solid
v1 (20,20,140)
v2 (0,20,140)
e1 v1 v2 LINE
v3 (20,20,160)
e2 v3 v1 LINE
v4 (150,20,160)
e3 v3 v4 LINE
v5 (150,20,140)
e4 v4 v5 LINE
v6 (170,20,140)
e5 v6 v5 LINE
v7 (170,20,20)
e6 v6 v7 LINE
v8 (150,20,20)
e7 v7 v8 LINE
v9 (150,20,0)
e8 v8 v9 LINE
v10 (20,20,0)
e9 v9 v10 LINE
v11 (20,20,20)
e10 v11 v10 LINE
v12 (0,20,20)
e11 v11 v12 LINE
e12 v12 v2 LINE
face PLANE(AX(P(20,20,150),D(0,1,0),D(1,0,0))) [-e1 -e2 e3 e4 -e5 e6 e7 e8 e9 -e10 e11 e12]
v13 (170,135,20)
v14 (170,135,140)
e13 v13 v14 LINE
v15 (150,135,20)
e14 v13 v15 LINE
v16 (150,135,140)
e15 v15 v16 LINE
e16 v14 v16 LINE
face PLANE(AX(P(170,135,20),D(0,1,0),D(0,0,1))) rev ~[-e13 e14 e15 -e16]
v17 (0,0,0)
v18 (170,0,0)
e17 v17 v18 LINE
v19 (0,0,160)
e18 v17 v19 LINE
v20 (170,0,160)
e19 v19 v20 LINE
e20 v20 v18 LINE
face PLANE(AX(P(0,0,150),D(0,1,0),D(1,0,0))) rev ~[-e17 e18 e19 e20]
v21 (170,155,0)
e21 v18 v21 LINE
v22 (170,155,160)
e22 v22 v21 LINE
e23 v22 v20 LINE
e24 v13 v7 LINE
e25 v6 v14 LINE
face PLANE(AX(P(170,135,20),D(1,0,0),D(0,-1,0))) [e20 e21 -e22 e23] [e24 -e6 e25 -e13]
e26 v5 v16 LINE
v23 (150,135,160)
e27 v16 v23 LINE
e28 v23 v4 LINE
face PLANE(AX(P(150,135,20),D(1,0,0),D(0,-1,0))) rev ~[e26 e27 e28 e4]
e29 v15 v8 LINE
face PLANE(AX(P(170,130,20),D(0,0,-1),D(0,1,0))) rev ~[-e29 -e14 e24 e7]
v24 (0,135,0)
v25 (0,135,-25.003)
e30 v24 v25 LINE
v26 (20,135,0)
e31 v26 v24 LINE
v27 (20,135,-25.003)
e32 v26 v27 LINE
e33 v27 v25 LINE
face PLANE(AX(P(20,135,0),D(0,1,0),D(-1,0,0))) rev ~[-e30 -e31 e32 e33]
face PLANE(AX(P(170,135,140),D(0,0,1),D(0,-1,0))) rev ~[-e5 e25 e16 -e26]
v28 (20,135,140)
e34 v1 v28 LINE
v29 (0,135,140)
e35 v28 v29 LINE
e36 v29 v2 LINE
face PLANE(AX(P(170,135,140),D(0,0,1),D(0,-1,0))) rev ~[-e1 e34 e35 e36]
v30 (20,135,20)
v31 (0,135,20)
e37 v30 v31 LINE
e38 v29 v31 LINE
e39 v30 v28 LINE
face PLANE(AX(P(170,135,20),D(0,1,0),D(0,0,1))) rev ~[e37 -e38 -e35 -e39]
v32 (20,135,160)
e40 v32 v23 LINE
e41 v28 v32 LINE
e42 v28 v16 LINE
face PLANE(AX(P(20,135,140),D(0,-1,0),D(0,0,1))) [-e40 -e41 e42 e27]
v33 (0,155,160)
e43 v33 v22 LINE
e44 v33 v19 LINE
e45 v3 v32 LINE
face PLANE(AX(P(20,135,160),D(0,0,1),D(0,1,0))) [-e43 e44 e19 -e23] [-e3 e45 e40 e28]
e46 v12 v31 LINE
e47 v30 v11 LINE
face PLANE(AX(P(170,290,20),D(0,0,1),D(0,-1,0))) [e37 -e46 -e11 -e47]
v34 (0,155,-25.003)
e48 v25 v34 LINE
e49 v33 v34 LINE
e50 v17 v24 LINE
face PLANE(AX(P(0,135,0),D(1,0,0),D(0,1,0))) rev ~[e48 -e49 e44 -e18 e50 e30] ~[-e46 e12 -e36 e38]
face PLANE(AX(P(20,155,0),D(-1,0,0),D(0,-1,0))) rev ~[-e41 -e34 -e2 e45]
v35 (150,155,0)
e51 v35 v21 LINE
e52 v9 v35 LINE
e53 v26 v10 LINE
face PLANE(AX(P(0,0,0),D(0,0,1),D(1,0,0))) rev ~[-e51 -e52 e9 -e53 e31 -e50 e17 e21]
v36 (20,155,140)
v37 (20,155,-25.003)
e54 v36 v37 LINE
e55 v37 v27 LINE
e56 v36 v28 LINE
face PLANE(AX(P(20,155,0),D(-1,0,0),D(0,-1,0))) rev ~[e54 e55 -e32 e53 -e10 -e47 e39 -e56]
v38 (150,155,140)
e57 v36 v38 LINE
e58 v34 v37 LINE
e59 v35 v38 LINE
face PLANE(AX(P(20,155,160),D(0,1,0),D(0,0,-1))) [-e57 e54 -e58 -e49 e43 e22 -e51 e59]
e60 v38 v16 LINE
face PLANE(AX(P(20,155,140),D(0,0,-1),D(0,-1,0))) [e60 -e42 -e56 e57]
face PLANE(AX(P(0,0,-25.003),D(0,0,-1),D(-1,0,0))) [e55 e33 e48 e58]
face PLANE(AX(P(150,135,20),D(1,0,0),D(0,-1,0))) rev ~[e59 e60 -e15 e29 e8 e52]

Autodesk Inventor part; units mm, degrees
ref_plane "YZ Plane" through (0, 0, 0) normal (1, 0, 0) x (0, 1, 0)
ref_plane "XZ Plane" through (0, 0, 0) normal (0, 1, 0) x (-1, 0, 0)
ref_plane "XY Plane" through (0, 0, 0) normal (0, 0, 1) x (1, 0, 0)
sketch "Sketch1" plane through (0, 0, 0) normal (0, 0, 1) x (1, 0, 0)
  line L0 (0, 0) -> (170, 0)
  line L1 (170, 0) -> (170, 310)
  line L2 (170, 310) -> (0, 310)
  line L3 (0, 310) -> (0, 0)
  dimension "d0" = 310
  dimension "d1" = 170
extrude "Extrusion1" add sketch "Sketch1" along normal blind 150
sketch "Sketch2" plane through (0, 0, 150) normal (0, 0, 1) x (1, 0, 0)
  line L0 (20, 290) -> (150, 290)
  line L1 (150, 290) -> (150, 20)
  line L2 (150, 20) -> (20, 20)
  line L3 (20, 20) -> (20, 290)
  line L4 (170, 310) -> (0, 310) projected
  line L5 (0, 310) -> (0, 0) projected
  line L6 (0, 0) -> (170, 0) projected
  line L7 (170, 0) -> (170, 310) projected
  dimension "d4" = 20
  dimension "d5" = 20
  dimension "d6" = 20
  dimension "d7" = 20
sketch "Sketch3" plane through (0, 310, 0) normal (0, 1, 0) x (1, 0, 0)
  line L0 (20, -20) -> (150, -20)
  line L1 (150, -20) -> (150, -130)
  line L2 (150, -130) -> (20, -130)
  line L3 (20, -130) -> (20, -20)
  line L4 (170, 0) -> (0, 0) projected
  line L5 (0, 0) -> (0, -150) projected
  line L6 (170, -150) -> (0, -150) projected
  line L7 (170, 0) -> (170, -150) projected
  dimension "d8" = 20
  dimension "d9" = 20
  dimension "d10" = 20
  dimension "d11" = 20
sketch "Sketch4" plane through (170, 0, 0) normal (1, 0, 0) x (0, 0, -1)
  line L0 (-130, 290) -> (-20, 290)
  line L1 (-20, 290) -> (-20, 20)
  line L2 (-20, 20) -> (-130, 20)
  line L3 (-130, 20) -> (-130, 290)
  line L4 (0, 310) -> (-150, 310) projected
  line L5 (-150, 0) -> (-150, 310) projected
  line L6 (0, 0) -> (-150, 0) projected
  line L7 (0, 0) -> (0, 310) projected
  dimension "d12" = 20
  dimension "d13" = 20
  dimension "d14" = 20
  dimension "d15" = 20
extrude "Extrusion2" cut sketch "Sketch4" against normal blind 900 contours L0 L1 L2 L3
extrude "Extrusion3" cut sketch "Sketch2" against normal blind 900 contours L0 L1 L2 L3
extrude "Extrusion4" cut sketch "Sketch3" against normal blind 40 contours L0 L1 L2 L3
sketch "Sketch5" plane through (170, 0, 0) normal (1, 0, 0) x (0, 0, -1)
  line L0 (-150, 0) -> (-150, 310) projected
  line L1 (-150, 310) -> (0, 310)
  line L2 (0, 310) -> (0, 135)
  line L3 (0, 135) -> (-150, 135)
  line L4 (-150, 135) -> (-150, 310)
  point P0 (0, 0)
  point P1 (-150, 135)
  dimension "d22" = 175
extrude "Extrusion5" cut sketch "Sketch5" against normal through all
sketch "Sketch6" plane through (0, 0, 150) normal (0, 0, 1) x (1, 0, 0)
  line L0 (20, 135) -> (0, 135) projected
  line L1 (0, 135) -> (20, 135)
  line L2 (20, 135) -> (20, 20)
  line L3 (0, 20) -> (0, 135)
  line L4 (0, 0) -> (170, 0) projected
  line L5 (0, 0) -> (170, 0)
  line L6 (170, 0) -> (170, 20)
  line L7 (0, 20) -> (0, 0)
  line L8 (150, 135) -> (170, 135)
  line L9 (170, 135) -> (170, 20)
  line L10 (150, 20) -> (150, 135)
  line L11 (20, 20) -> (150, 20) projected
  line L12 (20, 20) -> (150, 20)
extrude "Extrusion6" add sketch "Sketch6" along normal blind 10
sketch "Sketch7" plane through (170, 20, 130) normal (1, 0, 0) x (0, 0, -1)
  line L0 (0, 115) -> (-30, 115) projected
  line L1 (-30, 0) -> (0, 0) projected
  line L2 (0, 115) -> (-10, 115)
  line L3 (-10, 115) -> (-10, 0)
  line L4 (-10, 0) -> (0, 0)
  line L5 (0, 0) -> (0, 115)
  point P0 (130, -20)
  point P1 (-10, 115)
  dimension "d27" = 10
extrude "Extrusion7" cut sketch "Sketch7" against normal through all
sketch "Sketch8" plane through (0, 20, 20) normal (0, 0, 1) x (1, 0, 0)
  line L0 (20, 115) -> (20, 0) projected
  line L1 (0, 115) -> (20, 115)
  line L2 (20, 115) -> (20, 95)
  line L3 (20, 95) -> (0, 95)
  line L4 (0, 95) -> (0, 115)
  point P0 (0, -20)
  dimension "d30" = 20
sketch "Sketch9" plane through (150, 20, 20) normal (0, 0, 1) x (1, 0, 0)
  line L0 (20, 115) -> (20, 0) projected
  line L1 (20, 115) -> (0, 115)
  line L2 (0, 115) -> (0, 95)
  line L3 (0, 95) -> (20, 95)
  line L4 (20, 95) -> (20, 115)
  point P0 (-150, -20)
  point P1 (20, 95)
  dimension "d31" = 20
extrude "Extrusion8" add sketch "Sketch8" along normal up to surface (120 mm away)
extrude "Extrusion9" add sketch "Sketch9" along normal up to surface (120 mm away)
sketch "Sketch10" plane through (0, 135, 0) normal (0, 1, 0) x (1, 0, 0)
  line L0 (0, -160) -> (0, 0) projected
  line L1 (20, 0) -> (20, -160) projected
  line L2 (0, 0) -> (20, 0)
  line L3 (20, 0) -> (20, -160)
  line L4 (20, -160) -> (0, -160)
  line L5 (0, -160) -> (0, 0)
  line L6 (0, 0) -> (170, 0) projected
  line L7 (150, -140) -> (150, -160) projected
  line L8 (170, 0) -> (150, 0)
  line L9 (150, 0) -> (150, -160)
  line L10 (150, -160) -> (170, -160)
  line L11 (170, -160) -> (170, 0)
  point P0 (150, 0)
extrude "Extrusion10" add sketch "Sketch10" along normal blind 10
sketch "Sketch11" plane through (170, 0, 160) normal (1, 0, 0) x (0, 0, -1)
  line L0 (140, 115) -> (20, 115) projected
  line L1 (20, 115) -> (140, 115)
  line L2 (140, 115) -> (140, 125)
  line L3 (140, 125) -> (20, 125)
  line L4 (20, 125) -> (20, 115)
  point P0 (160, 0)
  dimension "d38" = 10
extrude "Extrusion11" cut sketch "Sketch11" against normal through all
sketch "Sketch12" plane through (0, 145, 0) normal (0, 1, 0) x (1, 0, 0)
  line L0 (20, -160) -> (20, -140) projected
  line L1 (0, 0) -> (20, 0)
  line L2 (20, 0) -> (20, -160)
  line L3 (20, -160) -> (0, -160)
  line L4 (0, -160) -> (0, 0)
  line L5 (170, 0) -> (170, -160) projected
  line L6 (170, 0) -> (150, 0)
  line L7 (150, 0) -> (150, -160)
  line L8 (150, -160) -> (170, -160)
  line L9 (170, -160) -> (170, 0)
extrude "Extrusion12" add sketch "Sketch12" along normal blind 5
sketch "Sketch13" plane through (170, 0, 160) normal (1, 0, 0) x (0, 0, -1)
  line L0 (20, 125) -> (140, 125) projected
  line L1 (20, 125) -> (140, 125)
  line L2 (140, 125) -> (140, 130)
  line L3 (140, 130) -> (20, 130)
  line L4 (20, 130) -> (20, 125)
  point P0 (160, 0)
  dimension "d43" = 5
extrude "Extrusion13" cut sketch "Sketch13" against normal through all
sketch "Sketch14" plane through (0, 150, 0) normal (0, 1, 0) x (1, 0, 0)
  line L0 (20, -160) -> (20, -140) projected
  line L1 (0, 0) -> (20, 0)
  line L2 (20, 0) -> (20, -160)
  line L3 (20, -160) -> (0, -160)
  line L4 (0, -160) -> (0, 0)
  line L5 (0, 0) -> (170, 0) projected
  line L6 (150, -160) -> (20, -160) projected
  line L7 (170, 0) -> (150, 0)
  line L8 (150, 0) -> (150, -160)
  line L9 (150, -160) -> (170, -160)
  line L10 (170, -160) -> (170, 0)
extrude "Extrusion14" add sketch "Sketch14" along normal blind 5 contours L3 L4 L1 L2 L0 | L8 L5 L10 L9
sketch "Sketch15" plane through (170, 0, 160) normal (1, 0, 0) x (0, 0, -1)
  line L0 (20, 130) -> (140, 130) projected
  line L1 (20, 130) -> (140, 130)
  line L2 (140, 130) -> (140, 135)
  line L3 (140, 135) -> (20, 135)
  line L4 (20, 135) -> (20, 130)
  point P0 (160, 0)
  dimension "d48" = 5
extrude "Extrusion15" cut sketch "Sketch15" against normal through all
sketch "Sketch17" plane through (0, 0, 0) normal (0, 0, -1) x (-1, 0, 0)
  line L0 (0, 155) -> (-20, 155) projected
  line L1 (0, 155) -> (-20, 155)
  line L2 (-20, 155) -> (-20, 135)
  line L3 (-20, 135) -> (0, 135)
  line L4 (0, 135) -> (0, 155)
  point P0 (0, 0)
  dimension "d52" = 20
extrude "Extrusion16" add sketch "Sketch17" along normal blind 25.003
sketch "Sketch18" plane through (20, 20, 20) normal (1, 0, 0) x (0, 0, -1)
  line L0 (-140, 135) -> (20, 135) projected
  line L1 (-120, 115) -> (0, 115) projected
  line L2 (-140, 135) -> (-120, 135)
  line L3 (-120, 135) -> (-120, 115)
  line L4 (-120, 115) -> (-140, 115)
  line L5 (-140, 115) -> (-140, 135)
  point P0 (20, -20)
  point P1 (-120, 135)
extrude "Extrusion17" add sketch "Sketch18" along normal up to surface (130 mm away)
properties part number "Pump and motor housing new"
